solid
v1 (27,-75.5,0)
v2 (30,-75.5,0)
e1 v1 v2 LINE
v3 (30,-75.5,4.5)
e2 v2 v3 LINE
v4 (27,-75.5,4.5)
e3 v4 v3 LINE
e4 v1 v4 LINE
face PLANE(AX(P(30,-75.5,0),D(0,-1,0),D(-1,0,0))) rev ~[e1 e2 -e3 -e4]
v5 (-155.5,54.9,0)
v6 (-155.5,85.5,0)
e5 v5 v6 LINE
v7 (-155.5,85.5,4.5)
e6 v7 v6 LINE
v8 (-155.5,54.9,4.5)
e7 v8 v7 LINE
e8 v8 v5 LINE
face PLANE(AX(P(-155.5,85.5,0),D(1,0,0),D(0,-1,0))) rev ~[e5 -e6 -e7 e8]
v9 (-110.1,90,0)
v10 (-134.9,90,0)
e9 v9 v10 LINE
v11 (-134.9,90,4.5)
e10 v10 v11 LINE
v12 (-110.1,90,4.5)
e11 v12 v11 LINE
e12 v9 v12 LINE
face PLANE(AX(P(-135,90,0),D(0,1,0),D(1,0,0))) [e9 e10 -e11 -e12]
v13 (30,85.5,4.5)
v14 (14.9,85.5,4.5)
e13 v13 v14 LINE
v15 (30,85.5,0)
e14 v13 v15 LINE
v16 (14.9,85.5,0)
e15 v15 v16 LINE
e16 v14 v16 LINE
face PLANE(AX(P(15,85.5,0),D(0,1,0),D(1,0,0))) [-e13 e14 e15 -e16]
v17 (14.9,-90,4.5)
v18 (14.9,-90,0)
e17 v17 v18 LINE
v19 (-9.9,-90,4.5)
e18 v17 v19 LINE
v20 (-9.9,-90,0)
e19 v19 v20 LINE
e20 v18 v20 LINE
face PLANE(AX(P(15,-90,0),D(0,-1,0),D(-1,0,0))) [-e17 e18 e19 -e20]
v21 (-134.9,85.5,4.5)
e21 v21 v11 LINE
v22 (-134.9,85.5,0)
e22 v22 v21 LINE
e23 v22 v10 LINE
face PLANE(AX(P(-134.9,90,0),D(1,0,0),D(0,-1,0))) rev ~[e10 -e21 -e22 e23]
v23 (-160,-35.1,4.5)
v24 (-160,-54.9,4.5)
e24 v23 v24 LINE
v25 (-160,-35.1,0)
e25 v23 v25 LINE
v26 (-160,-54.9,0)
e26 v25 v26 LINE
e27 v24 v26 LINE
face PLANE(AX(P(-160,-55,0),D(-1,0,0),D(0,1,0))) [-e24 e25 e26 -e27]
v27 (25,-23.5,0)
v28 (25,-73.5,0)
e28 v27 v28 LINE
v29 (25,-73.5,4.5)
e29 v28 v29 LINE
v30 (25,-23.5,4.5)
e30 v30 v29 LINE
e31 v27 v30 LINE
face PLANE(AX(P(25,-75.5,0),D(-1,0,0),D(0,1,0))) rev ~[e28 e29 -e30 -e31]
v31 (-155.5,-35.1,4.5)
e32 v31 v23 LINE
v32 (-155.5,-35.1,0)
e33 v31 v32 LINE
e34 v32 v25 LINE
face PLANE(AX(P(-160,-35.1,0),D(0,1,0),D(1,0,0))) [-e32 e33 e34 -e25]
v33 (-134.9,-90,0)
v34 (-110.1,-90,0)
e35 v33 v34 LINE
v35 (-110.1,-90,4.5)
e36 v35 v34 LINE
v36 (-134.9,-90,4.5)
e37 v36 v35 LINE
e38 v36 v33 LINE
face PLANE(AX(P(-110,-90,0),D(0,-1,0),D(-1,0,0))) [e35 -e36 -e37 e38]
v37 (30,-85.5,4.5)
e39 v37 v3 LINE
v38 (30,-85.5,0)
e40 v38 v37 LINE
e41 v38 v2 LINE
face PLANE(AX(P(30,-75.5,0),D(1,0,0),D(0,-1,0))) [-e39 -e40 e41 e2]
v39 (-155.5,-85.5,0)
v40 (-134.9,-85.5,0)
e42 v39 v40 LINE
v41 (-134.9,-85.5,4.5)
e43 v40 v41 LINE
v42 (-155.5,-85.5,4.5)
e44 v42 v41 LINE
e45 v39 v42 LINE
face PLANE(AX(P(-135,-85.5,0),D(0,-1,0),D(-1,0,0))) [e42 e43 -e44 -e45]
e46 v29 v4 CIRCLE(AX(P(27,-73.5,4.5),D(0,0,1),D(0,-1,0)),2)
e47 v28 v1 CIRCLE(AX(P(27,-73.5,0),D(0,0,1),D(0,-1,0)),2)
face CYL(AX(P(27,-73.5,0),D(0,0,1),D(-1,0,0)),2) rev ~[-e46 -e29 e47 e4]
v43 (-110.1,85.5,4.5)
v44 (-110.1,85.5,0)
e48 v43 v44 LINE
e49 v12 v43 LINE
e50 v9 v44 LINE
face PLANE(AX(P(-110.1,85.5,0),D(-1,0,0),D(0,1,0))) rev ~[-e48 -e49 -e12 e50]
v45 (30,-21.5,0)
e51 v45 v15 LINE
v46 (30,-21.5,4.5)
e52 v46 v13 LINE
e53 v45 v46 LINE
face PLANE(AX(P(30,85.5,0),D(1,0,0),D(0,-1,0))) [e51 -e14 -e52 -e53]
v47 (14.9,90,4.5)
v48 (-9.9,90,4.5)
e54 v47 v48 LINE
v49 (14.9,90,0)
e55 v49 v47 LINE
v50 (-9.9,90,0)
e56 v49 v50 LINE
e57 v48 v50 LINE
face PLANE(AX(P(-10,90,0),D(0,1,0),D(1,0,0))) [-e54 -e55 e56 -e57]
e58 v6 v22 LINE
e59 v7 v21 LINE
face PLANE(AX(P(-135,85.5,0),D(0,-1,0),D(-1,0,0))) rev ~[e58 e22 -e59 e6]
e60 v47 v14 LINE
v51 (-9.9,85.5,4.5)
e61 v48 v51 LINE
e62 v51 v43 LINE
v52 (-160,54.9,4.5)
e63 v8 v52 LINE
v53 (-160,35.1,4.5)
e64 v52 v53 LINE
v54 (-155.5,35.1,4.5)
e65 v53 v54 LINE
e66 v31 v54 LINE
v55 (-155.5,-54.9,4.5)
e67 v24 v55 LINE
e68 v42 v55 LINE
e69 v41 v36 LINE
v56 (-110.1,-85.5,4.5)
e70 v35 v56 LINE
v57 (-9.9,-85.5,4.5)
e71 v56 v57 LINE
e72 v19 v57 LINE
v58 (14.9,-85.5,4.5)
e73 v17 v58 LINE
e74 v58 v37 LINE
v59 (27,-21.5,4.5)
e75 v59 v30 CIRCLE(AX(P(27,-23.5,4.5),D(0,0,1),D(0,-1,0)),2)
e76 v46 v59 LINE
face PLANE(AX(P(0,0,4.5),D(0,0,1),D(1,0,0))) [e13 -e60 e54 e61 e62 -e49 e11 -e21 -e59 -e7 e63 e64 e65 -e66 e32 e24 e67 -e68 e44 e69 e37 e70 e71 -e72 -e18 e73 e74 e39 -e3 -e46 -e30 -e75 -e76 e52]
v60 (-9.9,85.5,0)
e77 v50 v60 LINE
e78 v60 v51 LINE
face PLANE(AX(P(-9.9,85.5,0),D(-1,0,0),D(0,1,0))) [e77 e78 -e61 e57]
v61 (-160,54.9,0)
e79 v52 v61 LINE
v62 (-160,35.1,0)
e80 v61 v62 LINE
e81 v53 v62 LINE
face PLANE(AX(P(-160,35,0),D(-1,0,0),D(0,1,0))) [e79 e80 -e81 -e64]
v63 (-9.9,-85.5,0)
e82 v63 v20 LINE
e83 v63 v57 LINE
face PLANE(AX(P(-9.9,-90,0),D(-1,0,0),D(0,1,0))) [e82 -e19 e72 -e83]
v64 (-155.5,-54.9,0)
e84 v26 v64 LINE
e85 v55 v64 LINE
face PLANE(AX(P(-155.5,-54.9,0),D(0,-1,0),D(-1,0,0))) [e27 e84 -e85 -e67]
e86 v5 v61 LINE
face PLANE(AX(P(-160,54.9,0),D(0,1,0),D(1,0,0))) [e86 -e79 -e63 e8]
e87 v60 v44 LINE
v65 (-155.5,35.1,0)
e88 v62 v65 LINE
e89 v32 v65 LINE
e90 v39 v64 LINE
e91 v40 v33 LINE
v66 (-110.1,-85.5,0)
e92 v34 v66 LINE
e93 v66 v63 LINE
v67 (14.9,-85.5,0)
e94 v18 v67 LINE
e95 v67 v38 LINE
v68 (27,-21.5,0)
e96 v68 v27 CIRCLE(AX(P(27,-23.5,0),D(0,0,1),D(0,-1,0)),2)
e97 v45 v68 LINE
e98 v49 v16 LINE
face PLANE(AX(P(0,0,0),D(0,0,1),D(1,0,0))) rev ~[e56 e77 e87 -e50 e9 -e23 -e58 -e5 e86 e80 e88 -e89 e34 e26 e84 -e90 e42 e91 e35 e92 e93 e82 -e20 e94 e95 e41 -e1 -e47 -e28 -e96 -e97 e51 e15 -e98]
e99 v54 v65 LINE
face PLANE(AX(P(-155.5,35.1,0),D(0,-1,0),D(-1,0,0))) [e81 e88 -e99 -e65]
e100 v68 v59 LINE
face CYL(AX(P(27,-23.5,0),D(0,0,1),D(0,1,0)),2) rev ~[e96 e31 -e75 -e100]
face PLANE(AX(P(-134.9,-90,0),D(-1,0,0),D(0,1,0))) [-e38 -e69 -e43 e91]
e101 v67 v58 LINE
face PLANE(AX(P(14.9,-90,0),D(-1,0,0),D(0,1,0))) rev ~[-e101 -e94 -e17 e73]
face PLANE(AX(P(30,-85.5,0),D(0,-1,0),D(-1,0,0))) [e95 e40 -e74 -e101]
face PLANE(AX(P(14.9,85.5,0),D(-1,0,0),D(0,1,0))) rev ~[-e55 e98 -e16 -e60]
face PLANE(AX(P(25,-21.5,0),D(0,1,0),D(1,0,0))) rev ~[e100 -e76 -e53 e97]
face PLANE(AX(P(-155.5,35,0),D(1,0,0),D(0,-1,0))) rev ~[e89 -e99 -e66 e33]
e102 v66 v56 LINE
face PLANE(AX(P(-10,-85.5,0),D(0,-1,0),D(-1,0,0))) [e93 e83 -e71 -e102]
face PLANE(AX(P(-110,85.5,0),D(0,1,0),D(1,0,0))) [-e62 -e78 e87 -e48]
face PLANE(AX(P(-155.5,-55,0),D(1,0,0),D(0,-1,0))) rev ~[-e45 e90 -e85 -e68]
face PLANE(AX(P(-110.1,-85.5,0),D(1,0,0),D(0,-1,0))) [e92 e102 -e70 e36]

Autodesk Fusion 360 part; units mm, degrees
sketch "Sketch1" plane through (0, 0, 0) normal (0, 0, 1) x (1, 0, 0)
  line L0 (160, -90) -> (-160, -90)
  line L1 (-160, -90) -> (-160, 90)
  line L2 (-160, 90) -> (160, 90)
  line L3 (160, 90) -> (160, -90)
  line L4 (160, -90) -> (-160, 90) construction
  line L5 (-160, -90) -> (160, 90) construction
  line L6 (170, 85.5) -> (-180, 85.5) construction
  line L7 (-180, -85.5) -> (170, -85.5) construction
  line L8 (-155.5, 90) -> (-155.5, -90)
  line L9 (-160, 90) -> (-135, 90)
  line L10 (-135, 90) -> (-135, 85.5)
  line L11 (-135, 85.5) -> (-160, 85.5)
  line L12 (-160, 85.5) -> (-160, 90)
  line L13 (-160, -90) -> (-135, -90)
  line L14 (-135, -90) -> (-135, -85.5)
  line L15 (-135, -85.5) -> (-160, -85.5)
  line L16 (-160, -85.5) -> (-160, -90)
  line L17 (-110, -90) -> (-10, -90)
  line L18 (-10, -90) -> (-10, -85.5)
  line L19 (-10, -85.5) -> (-110, -85.5)
  line L20 (-110, -85.5) -> (-110, -90)
  line L21 (-10, -90) -> (15, -90)
  line L22 (15, -90) -> (15, -85.5)
  line L23 (15, -85.5) -> (-10, -85.5)
  line L24 (-10, -85.5) -> (-10, -90)
  line L25 (15, -90) -> (115, -90)
  line L26 (115, -85.5) -> (15, -85.5)
  line L27 (15, -85.5) -> (15, -90)
  line L28 (115, -90) -> (140, -90)
  line L29 (140, -85.5) -> (115, -85.5)
  line L30 (-135, 85.5) -> (-110, 85.5)
  line L31 (-110, 85.5) -> (-110, 90)
  line L32 (-110, 90) -> (-135, 90)
  line L33 (-135, 90) -> (-135, 85.5)
  line L34 (-110, 85.5) -> (-10, 85.5)
  line L35 (-10, 85.5) -> (-10, 90)
  line L36 (-10, 90) -> (-110, 90)
  line L37 (-110, 90) -> (-110, 85.5)
  line L38 (-10, 85.5) -> (15, 85.5)
  line L39 (15, 85.5) -> (15, 90)
  line L40 (15, 90) -> (-10, 90)
  line L41 (-10, 90) -> (-10, 85.5)
  line L42 (15, 85.5) -> (115, 85.5)
  line L43 (115, 90) -> (15, 90)
  line L44 (15, 90) -> (15, 85.5)
  line L45 (115, 85.5) -> (140, 85.5)
  line L46 (140, 90) -> (115, 90)
  line L47 (140, 85.5) -> (160, 85.5)
  line L48 (160, 85.5) -> (160, 90)
  line L49 (160, 90) -> (140, 90)
  line L50 (140, -90) -> (160, -90)
  line L51 (160, -90) -> (160, -85.5)
  line L52 (160, -85.5) -> (140, -85.5)
  line L53 (-160, 55) -> (-155.5, 55)
  line L54 (-155.5, 55) -> (-155.5, 35)
  line L55 (-155.5, 35) -> (-160, 35)
  line L56 (-160, 35) -> (-160, 55)
  line L57 (-160, -35) -> (-155.5, -35)
  line L58 (-155.5, -35) -> (-155.5, -55)
  line L59 (-155.5, -55) -> (-160, -55)
  line L60 (-160, -55) -> (-160, -35)
  line L61 (30, 90) -> (30, -90)
  line L62 (30, -75.5) -> (25, -75.5)
  line L63 (25, -75.5) -> (25, -21.5)
  line L64 (25, -21.5) -> (30, -21.5)
  line L65 (30, -21.5) -> (30, -75.5)
  point P0 (-15, -14)
  dimension "d1" = 320
  dimension "d2" = 180
  dimension "d3" = 4.5
  dimension "d4" = 4.5
  dimension "d5" = 4.5
  dimension "d6" = 25
  dimension "d7" = 25
  dimension "d8" = 100
  dimension "d9" = 25
  dimension "d10" = 25
  dimension "d13" = 25
  dimension "d14" = 100
  dimension "d15" = 25
  dimension "d18" = 20
  dimension "d19" = 20
  dimension "d20" = 35
  dimension "d21" = 35
  dimension "d46" = 15
  dimension "d55" = 5
  dimension "d56" = 54
  dimension "d58" = 10
extrude "Extrude1" add sketch "Sketch1" along normal blind 4.5 contours L0 L18 L21 L22 L23 L24 L27 | L0 L8 L11 L14 L15 L19 L20 L23 L26 L30 L34 L38 L42 L54 L58 L61 L62 L63 L64 | L2 L35 L38 L39 L40 L41 L44 | L2 L10 L30 L31 L32 L33 L37 | L1 L8 L57 L58 L59 L60 | L1 L8 L53 L54 L55 L56
move_face "OffsetFaces1" offset -0.1 4 faces at (15, -88.5, 1.5) (-110, -87, 1.5) (-110, 87, 1.5) (15, 87, 1.5)
move_face "OffsetFaces2" offset -0.1 4 faces at (-10, -88.5, 1.5) (-135, -88.5, 1.5) (-10, 87, 1.5) (-135, 88.5, 1.5)
move_face "OffsetFaces3" offset -0.1 2 faces at (-158.5, -35, 1.5) (-158.5, 55, 1.5)
move_face "OffsetFaces4" offset -0.1 2 faces at (-157, -55, 1.5) (-157, 35, 1.5)
fillet "Fillet1" radius 2 2 edges at (25, -75.5, 2.25) (25, -21.5, 2.25)
